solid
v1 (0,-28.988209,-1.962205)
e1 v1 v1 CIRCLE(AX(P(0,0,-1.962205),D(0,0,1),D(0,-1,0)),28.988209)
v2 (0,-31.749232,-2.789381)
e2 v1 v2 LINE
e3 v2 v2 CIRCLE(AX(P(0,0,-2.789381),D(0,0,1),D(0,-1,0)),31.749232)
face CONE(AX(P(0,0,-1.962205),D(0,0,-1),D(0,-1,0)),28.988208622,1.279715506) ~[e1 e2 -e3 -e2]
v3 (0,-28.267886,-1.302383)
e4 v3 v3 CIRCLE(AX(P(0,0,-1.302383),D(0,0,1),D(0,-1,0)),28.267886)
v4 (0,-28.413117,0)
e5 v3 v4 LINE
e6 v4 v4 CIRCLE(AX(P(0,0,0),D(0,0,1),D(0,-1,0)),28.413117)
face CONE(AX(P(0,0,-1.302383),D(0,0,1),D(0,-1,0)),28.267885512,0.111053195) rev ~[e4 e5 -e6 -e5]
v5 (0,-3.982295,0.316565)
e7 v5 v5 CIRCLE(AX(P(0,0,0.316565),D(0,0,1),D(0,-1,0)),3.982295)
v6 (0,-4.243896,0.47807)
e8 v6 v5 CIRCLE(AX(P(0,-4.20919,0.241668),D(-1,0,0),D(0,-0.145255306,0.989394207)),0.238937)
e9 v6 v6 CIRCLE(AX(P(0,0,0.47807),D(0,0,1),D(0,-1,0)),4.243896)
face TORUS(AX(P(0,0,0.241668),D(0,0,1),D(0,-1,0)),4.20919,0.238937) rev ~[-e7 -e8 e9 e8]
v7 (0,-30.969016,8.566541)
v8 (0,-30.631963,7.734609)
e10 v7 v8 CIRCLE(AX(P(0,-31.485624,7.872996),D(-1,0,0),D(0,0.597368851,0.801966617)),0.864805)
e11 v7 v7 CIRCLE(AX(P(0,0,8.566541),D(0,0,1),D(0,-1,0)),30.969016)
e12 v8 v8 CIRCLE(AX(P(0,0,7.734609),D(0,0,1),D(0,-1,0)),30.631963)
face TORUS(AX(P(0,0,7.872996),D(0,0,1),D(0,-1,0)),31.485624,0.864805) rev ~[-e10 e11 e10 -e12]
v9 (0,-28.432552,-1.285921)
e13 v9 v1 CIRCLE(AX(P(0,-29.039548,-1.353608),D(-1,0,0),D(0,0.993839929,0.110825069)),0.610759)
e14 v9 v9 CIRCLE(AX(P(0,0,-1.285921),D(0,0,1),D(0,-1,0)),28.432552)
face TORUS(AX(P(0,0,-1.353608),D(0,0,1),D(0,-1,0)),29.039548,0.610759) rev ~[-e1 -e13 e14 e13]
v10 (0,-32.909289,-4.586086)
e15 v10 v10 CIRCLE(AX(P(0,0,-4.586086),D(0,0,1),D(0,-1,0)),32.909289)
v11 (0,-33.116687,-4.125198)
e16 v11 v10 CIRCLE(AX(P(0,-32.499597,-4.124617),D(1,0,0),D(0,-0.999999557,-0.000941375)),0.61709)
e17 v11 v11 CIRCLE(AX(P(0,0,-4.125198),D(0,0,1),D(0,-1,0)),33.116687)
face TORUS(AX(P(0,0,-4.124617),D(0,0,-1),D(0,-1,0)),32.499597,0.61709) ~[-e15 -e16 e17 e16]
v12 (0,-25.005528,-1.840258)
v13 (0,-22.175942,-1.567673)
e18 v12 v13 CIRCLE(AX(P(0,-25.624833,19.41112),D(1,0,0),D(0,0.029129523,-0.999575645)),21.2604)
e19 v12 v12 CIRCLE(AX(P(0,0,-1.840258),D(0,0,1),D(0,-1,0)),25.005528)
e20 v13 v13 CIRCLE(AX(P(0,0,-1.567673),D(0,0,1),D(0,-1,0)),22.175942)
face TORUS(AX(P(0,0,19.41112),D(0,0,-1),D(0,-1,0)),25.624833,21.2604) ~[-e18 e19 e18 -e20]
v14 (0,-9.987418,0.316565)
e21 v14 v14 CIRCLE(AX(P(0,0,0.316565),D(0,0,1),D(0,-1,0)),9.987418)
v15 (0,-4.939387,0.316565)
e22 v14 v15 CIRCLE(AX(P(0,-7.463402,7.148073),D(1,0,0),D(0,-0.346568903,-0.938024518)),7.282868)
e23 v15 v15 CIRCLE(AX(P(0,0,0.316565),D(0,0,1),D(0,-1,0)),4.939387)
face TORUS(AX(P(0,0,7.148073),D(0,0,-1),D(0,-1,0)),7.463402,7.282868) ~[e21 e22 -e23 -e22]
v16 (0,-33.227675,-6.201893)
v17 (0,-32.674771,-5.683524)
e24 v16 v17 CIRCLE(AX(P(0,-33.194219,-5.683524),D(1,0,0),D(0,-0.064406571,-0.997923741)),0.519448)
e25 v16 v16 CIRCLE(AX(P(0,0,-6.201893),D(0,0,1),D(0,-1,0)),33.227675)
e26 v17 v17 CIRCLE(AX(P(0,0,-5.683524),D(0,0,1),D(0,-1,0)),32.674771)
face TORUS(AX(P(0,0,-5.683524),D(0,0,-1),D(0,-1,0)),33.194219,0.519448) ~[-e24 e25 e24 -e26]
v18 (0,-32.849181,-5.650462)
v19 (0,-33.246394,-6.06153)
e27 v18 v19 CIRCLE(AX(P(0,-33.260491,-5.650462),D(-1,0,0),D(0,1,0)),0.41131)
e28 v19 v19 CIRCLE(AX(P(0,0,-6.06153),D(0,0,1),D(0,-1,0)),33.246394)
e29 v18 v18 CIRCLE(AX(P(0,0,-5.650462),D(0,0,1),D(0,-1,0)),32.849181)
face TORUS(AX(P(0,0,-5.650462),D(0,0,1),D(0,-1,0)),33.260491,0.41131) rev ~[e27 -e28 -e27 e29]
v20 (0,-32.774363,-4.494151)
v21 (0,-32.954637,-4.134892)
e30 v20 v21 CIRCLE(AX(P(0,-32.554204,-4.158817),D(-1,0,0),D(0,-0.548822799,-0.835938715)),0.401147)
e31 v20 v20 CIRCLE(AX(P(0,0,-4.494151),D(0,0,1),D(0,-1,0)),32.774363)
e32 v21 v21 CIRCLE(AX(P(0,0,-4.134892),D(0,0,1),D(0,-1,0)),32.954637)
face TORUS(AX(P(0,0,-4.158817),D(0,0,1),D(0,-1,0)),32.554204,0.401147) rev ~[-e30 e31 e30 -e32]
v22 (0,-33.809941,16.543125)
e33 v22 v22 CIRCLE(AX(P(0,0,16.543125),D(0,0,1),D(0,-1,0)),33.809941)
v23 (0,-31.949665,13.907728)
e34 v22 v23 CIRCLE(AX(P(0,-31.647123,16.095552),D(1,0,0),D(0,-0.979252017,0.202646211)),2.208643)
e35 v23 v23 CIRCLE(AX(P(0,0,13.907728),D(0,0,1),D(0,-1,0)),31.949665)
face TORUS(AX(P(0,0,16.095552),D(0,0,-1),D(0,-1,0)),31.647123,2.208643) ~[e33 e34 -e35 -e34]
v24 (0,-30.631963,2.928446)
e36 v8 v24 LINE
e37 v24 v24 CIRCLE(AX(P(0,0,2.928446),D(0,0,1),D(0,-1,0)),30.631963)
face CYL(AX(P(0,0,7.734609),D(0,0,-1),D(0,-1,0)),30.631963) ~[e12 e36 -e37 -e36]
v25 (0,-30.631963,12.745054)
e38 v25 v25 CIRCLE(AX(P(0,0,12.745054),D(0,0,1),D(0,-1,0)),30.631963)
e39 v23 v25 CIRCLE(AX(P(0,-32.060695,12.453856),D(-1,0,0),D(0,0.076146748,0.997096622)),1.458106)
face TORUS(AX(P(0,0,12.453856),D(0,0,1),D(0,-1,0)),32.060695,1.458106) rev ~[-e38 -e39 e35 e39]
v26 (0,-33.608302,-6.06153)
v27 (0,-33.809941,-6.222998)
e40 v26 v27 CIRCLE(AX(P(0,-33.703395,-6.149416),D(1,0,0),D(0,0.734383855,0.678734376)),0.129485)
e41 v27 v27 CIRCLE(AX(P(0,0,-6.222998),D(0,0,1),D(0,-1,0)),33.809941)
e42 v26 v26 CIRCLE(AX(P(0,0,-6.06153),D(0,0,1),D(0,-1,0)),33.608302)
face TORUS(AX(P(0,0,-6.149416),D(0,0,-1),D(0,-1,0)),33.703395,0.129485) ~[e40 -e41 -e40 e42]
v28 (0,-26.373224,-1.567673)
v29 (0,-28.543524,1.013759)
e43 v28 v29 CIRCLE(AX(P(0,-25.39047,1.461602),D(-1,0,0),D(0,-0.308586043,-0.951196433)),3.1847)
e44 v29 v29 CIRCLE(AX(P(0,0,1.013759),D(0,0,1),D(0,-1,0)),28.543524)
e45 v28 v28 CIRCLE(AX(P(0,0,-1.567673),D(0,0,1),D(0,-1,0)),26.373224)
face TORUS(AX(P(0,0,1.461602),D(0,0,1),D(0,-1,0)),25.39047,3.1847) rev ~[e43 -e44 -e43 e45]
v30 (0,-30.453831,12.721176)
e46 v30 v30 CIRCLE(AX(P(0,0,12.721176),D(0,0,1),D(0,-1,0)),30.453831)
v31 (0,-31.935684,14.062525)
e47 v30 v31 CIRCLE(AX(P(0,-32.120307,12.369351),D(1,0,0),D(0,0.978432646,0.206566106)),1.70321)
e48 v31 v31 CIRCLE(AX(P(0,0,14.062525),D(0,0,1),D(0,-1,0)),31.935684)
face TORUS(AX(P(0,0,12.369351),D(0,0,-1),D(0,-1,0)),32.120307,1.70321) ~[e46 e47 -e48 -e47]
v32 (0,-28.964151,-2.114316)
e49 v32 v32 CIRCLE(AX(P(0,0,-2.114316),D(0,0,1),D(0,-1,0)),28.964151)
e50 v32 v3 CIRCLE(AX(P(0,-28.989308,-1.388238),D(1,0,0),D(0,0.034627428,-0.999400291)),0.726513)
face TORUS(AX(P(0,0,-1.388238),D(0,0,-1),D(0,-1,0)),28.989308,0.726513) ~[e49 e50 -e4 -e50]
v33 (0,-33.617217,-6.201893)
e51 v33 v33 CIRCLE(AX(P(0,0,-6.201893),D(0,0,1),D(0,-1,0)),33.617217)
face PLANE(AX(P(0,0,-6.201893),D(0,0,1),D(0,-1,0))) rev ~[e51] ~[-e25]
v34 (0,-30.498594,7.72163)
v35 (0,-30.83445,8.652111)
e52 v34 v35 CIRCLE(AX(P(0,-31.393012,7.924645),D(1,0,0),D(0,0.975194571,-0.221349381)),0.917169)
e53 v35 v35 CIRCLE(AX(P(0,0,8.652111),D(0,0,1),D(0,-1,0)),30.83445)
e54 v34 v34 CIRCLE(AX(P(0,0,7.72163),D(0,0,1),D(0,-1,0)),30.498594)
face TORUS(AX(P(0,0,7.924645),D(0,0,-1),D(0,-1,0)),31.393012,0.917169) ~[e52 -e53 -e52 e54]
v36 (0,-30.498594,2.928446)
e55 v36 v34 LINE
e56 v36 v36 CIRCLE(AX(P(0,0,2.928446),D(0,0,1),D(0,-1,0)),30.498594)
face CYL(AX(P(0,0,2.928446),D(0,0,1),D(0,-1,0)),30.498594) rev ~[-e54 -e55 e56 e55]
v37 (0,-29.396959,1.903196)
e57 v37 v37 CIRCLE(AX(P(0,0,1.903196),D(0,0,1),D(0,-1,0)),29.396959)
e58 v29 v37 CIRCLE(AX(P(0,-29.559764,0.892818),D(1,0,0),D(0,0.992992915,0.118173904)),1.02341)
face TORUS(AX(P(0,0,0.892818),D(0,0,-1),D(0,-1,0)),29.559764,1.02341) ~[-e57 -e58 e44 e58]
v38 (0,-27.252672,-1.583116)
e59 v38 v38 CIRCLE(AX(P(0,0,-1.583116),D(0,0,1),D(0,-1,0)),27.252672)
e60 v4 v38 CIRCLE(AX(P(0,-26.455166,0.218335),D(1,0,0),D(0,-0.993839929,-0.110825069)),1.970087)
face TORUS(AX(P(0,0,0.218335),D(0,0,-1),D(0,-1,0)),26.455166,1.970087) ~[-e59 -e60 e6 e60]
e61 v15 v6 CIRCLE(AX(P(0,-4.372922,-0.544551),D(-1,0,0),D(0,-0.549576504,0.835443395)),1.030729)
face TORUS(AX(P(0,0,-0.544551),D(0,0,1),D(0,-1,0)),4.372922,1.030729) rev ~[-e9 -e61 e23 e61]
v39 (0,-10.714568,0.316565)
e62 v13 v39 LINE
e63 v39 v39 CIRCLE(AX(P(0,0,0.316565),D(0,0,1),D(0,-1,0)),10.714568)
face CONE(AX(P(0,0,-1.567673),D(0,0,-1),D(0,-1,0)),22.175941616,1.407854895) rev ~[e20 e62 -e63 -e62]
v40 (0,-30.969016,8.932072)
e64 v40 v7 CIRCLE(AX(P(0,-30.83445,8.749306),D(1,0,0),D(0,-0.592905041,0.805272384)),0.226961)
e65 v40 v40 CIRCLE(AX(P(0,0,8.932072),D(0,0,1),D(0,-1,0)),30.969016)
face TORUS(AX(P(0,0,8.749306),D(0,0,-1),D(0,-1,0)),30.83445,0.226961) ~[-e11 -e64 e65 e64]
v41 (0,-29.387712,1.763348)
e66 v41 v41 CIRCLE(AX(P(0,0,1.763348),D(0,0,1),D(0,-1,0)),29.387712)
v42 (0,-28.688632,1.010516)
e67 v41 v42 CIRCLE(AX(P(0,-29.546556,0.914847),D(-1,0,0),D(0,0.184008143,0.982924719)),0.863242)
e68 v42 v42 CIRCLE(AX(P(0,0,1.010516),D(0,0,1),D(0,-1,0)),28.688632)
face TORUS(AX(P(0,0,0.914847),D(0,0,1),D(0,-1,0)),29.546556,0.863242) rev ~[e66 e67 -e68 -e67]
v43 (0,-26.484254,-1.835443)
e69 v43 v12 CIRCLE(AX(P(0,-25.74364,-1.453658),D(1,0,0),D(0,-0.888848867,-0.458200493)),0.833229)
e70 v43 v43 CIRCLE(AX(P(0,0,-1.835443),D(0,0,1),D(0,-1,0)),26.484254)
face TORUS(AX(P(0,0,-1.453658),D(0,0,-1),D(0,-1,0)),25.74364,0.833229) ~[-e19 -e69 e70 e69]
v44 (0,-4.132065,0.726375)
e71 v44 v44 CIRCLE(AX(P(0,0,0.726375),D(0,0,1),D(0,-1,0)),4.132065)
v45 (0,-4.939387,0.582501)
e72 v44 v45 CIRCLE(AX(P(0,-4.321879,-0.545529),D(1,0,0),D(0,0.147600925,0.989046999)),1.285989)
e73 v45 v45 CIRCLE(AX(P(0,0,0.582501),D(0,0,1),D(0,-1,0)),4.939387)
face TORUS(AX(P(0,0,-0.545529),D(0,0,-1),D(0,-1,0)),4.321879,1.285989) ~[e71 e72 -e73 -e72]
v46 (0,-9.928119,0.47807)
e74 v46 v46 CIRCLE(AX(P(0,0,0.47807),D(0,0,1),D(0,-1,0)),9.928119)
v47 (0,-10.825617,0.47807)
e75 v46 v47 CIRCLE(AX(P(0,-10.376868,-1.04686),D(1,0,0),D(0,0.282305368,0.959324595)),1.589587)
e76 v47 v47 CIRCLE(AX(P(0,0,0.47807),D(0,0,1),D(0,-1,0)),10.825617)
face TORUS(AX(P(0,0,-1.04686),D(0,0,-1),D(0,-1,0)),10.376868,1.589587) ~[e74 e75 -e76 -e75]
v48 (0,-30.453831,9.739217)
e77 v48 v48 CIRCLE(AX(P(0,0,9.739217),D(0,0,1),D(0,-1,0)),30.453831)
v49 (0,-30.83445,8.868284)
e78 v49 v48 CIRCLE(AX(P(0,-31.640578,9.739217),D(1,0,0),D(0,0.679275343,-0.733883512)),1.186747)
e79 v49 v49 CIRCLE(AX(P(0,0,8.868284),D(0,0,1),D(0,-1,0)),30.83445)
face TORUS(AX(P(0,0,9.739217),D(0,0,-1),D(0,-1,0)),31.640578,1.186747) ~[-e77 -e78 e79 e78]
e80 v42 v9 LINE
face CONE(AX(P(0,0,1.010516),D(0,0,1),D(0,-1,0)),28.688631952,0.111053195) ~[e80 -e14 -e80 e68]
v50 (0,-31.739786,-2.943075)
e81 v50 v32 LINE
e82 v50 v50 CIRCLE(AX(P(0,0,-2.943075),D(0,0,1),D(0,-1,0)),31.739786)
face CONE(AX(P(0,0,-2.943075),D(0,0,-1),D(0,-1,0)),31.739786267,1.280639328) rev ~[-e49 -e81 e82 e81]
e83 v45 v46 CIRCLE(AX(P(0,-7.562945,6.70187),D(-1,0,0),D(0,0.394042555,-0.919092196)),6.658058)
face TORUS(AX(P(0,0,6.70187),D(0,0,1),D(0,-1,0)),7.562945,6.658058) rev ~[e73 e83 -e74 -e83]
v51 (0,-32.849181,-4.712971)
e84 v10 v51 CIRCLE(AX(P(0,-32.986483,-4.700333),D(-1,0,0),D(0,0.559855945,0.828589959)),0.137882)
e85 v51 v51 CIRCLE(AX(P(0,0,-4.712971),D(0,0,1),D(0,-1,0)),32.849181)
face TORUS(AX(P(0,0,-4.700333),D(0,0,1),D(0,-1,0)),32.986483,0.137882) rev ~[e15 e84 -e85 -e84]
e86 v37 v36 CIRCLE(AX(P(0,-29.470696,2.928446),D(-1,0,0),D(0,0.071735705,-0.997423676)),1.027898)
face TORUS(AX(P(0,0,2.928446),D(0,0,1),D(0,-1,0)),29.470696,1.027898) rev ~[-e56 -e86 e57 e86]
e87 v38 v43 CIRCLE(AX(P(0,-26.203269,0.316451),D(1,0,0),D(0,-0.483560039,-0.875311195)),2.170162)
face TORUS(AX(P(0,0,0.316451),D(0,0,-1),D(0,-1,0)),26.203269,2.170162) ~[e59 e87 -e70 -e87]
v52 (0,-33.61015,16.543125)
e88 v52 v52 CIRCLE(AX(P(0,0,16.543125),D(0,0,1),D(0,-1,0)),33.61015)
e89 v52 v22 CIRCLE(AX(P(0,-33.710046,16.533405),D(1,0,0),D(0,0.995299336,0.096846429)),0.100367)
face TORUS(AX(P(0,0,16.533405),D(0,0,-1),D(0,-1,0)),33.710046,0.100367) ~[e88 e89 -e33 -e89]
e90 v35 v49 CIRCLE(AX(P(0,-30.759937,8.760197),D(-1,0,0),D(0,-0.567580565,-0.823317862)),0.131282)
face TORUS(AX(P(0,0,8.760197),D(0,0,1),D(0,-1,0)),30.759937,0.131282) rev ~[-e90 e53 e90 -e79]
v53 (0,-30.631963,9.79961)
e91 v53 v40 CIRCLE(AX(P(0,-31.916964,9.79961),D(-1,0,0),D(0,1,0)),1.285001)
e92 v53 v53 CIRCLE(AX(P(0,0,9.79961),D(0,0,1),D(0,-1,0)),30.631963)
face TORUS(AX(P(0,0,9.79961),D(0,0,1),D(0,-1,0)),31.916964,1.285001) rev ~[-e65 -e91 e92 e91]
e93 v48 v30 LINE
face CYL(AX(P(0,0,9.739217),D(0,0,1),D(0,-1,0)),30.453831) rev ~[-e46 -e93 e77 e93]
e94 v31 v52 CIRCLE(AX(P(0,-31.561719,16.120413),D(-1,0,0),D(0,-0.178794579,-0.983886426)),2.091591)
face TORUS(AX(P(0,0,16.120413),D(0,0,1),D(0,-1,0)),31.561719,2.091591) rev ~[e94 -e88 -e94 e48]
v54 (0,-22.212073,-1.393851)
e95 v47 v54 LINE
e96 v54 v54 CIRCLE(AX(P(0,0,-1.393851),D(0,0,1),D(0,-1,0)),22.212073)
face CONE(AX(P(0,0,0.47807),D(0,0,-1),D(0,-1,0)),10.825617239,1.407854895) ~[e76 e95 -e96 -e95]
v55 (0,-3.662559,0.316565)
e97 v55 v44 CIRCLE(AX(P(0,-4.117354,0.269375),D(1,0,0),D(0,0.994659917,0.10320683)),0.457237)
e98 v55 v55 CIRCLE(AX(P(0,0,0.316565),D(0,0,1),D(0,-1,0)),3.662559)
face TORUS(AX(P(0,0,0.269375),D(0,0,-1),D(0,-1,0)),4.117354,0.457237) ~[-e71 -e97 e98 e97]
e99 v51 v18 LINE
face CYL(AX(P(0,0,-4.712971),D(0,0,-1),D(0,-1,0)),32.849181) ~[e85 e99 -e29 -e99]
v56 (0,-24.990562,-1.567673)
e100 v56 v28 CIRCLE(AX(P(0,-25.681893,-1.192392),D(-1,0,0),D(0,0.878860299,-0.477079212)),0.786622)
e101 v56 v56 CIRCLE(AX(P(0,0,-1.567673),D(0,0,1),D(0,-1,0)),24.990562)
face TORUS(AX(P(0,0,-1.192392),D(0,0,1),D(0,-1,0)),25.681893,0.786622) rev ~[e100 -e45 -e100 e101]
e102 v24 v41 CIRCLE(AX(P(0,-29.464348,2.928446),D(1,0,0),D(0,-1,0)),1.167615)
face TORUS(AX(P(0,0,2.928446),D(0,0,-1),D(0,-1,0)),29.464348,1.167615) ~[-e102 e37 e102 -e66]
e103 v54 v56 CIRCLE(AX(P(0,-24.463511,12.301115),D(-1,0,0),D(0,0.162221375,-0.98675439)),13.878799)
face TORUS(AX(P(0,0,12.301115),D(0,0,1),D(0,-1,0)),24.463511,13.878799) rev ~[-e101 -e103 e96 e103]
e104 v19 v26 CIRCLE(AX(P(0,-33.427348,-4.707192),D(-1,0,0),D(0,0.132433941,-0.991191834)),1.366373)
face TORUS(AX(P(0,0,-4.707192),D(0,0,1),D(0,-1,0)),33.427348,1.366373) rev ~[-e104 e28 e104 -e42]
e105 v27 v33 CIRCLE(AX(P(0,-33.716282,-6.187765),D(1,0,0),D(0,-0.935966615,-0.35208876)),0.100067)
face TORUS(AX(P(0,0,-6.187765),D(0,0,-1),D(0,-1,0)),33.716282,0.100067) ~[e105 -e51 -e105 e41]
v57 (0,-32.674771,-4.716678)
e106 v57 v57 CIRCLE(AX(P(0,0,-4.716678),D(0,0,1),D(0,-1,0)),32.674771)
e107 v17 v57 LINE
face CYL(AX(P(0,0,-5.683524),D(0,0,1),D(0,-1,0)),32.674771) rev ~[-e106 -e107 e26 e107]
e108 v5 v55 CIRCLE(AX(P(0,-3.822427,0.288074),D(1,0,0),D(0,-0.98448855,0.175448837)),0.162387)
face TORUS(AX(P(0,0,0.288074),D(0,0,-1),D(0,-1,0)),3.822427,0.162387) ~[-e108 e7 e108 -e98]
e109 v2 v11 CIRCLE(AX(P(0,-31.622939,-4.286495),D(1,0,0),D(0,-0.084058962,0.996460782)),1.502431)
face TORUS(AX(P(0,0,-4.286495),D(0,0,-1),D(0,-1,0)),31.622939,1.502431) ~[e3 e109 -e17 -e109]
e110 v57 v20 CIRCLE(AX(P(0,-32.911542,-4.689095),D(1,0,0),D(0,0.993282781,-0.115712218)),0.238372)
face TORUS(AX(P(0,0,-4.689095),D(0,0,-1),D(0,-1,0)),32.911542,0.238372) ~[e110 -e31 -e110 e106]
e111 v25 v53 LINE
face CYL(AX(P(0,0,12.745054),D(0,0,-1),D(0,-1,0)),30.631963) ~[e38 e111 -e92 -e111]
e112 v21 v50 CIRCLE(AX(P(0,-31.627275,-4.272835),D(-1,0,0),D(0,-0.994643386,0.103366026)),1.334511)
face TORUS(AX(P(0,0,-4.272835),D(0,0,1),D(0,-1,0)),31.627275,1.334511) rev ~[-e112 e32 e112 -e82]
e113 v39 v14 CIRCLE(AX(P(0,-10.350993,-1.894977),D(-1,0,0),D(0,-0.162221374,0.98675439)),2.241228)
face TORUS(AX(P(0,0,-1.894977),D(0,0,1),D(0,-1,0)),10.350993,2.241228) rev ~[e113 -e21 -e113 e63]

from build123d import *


with BuildPart() as f2:
    # F1 (on Right) → F2 (revolve)
    with BuildSketch(Plane.YZ):
        with BuildLine():
            ThreePointArc((-33.610150218, 16.5431248024), (-33.71004574, 16.6337719013), (-33.809941262, 16.5431248024))
            ThreePointArc((-33.809941262, 16.5431248024), (-33.451514872, 14.821866156), (-31.9496653974, 13.9077277854))
            ThreePointArc((-31.9496653974, 13.9077277854), (-31.0959831072, 13.5472001002), (-30.6319631636, 12.7450535074))
            Line((-30.6319631636, 12.7450535074), (-30.6319631636, 9.7996098921))
            ThreePointArc((-30.6319631636, 9.7996098921), (-30.7191867252, 9.3342532454), (-30.9690162539, 8.9320717379))
            ThreePointArc((-30.9690162539, 8.9320717379), (-31.0614109888, 8.7493062019), (-30.9690162539, 8.5665406659))
            ThreePointArc((-30.9690162539, 8.5665406659), (-30.6841025049, 8.1977284546), (-30.6319631636, 7.7346088365))
            Line((-30.6319631636, 7.7346088365), (-30.6319631636, 2.928446047))
            ThreePointArc((-30.6319631636, 2.928446047), (-30.2624220544, 2.0761532369), (-29.3877124786, 1.7633484676))
            ThreePointArc((-29.3877124786, 1.7633484676), (-28.9139871393, 1.5022503661), (-28.6886319518, 1.0105157271))
            Line((-28.6886319518, 1.0105157271), (-28.4325517583, -1.2859206562))
            ThreePointArc((-28.4325517583, -1.2859206562), (-28.5676458923, -1.7413380248), (-28.9882086217, -1.9622053951))
            Line((-28.9882086217, -1.9622053951), (-31.7492320903, -2.7893810644))
            ThreePointArc((-31.7492320903, -2.7893810644), (-32.6728130179, -3.2117555511), (-33.1166870892, -4.1251983494))
            ThreePointArc((-33.1166870892, -4.1251983494), (-33.0623355343, -4.3778482534), (-32.9092890024, -4.5860856771))
            ThreePointArc((-32.9092890024, -4.5860856771), (-32.8618754132, -4.6413046846), (-32.8491814435, -4.7129709274))
            Line((-32.8491814435, -4.7129709274), (-32.8491814435, -5.6504616514))
            ThreePointArc((-32.8491814435, -5.6504616514), (-32.9647092459, -5.9362740834), (-33.2463942468, -6.0615297407))
            ThreePointArc((-33.2463942468, -6.0615297407), (-33.4273483604, -6.0735649781), (-33.608302474, -6.0615297407))
            ThreePointArc((-33.608302474, -6.0615297407), (-33.7843314434, -6.0483432199), (-33.809941262, -6.2229977921))
            ThreePointArc((-33.809941262, -6.2229977921), (-33.7053888789, -6.2872377148), (-33.6172170937, -6.2018930912))
            Line((-33.6172170937, -6.2018930912), (-33.2276746631, -6.2018930912))
            ThreePointArc((-33.2276746631, -6.2018930912), (-32.8389388814, -6.0624726778), (-32.6747708023, -5.6835236028))
            Line((-32.6747708023, -5.6835236028), (-32.6747708023, -4.7166775912))
            ThreePointArc((-32.6747708023, -4.7166775912), (-32.6939660805, -4.591718988), (-32.7743627131, -4.4941511005))
            ThreePointArc((-32.7743627131, -4.4941511005), (-32.9127432213, -4.3387295634), (-32.9546369612, -4.1348915547))
            ThreePointArc((-32.9546369612, -4.1348915547), (-32.5618418131, -3.3202050214), (-31.7397862673, -2.943075262))
            Line((-31.7397862673, -2.943075262), (-28.964150697, -2.1143155172))
            ThreePointArc((-28.964150697, -2.1143155172), (-28.4378064911, -1.8611730424), (-28.267885512, -1.3023831029))
            Line((-28.267885512, -1.3023831029), (-28.4131168449, 0))
            ThreePointArc((-28.4131168449, 0), (-28.0440964441, -0.9463716972), (-27.2526722401, -1.5831158962))
            ThreePointArc((-27.2526722401, -1.5831158962), (-26.8803220292, -1.7453930675), (-26.4842544694, -1.8354433199))
            ThreePointArc((-26.4842544694, -1.8354433199), (-25.7463530853, -2.2868817952), (-25.0055275973, -1.8402580765))
            ThreePointArc((-25.0055275973, -1.8402580765), (-23.5861736556, -1.7513108071), (-22.1759416163, -1.5676730545))
            Line((-22.1759416163, -1.5676730545), (-10.7145677727, 0.3165646429))
            ThreePointArc((-10.7145677727, 0.3165646429), (-10.3509926906, 0.3462510751), (-9.9874176085, 0.3165646429))
            ThreePointArc((-9.9874176085, 0.3165646429), (-7.4634021148, -0.134794601), (-4.9393866211, 0.3165646429))
            ThreePointArc((-4.9393866211, 0.3165646429), (-4.6060726771, 0.4594623819), (-4.2438963428, 0.4780702293))
            ThreePointArc((-4.2438963428, 0.4780702293), (-4.0836703603, 0.4449794549), (-3.9822948165, 0.3165646429))
            ThreePointArc((-3.9822948165, 0.3165646429), (-3.8224268937, 0.1256872946), (-3.662558971, 0.3165646429))
            ThreePointArc((-3.662558971, 0.3165646429), (-3.8166806639, 0.6138467112), (-4.1320654564, 0.7263747393))
            ThreePointArc((-4.1320654564, 0.7263747393), (-4.5475013724, 0.7205130571), (-4.9393866211, 0.5825010594))
            ThreePointArc((-4.9393866211, 0.5825010594), (-7.4236000092, 0.0452705131), (-9.9281193689, 0.4780702293))
            ThreePointArc((-9.9281193689, 0.4780702293), (-10.3768683039, 0.5427273226), (-10.8256172389, 0.4780702293))
            Line((-10.8256172389, 0.4780702293), (-22.2120727402, -1.3938509721))
            ThreePointArc((-22.2120727402, -1.3938509721), (-23.5969482001, -1.5506045719), (-24.9905623496, -1.5676730545))
            ThreePointArc((-24.9905623496, -1.5676730545), (-25.6818933412, -1.9790141373), (-26.3732243329, -1.5676730545))
            ThreePointArc((-26.3732243329, -1.5676730545), (-27.828127928, -0.5878219983), (-28.5435244441, 1.0137585923))
            ThreePointArc((-28.5435244441, 1.0137585923), (-28.82131188, 1.6013784491), (-29.3969586492, 1.9031958655))
            ThreePointArc((-29.3969586492, 1.9031958655), (-30.1709745101, 2.1759936429), (-30.4985940456, 2.928446047))
            Line((-30.4985940456, 2.928446047), (-30.4985940456, 7.7216299251))
            ThreePointArc((-30.4985940456, 7.7216299251), (-30.5303206388, 8.2360319434), (-30.8344498515, 8.6521105841))
            ThreePointArc((-30.8344498515, 8.6521105841), (-30.8912185761, 8.7601970881), (-30.8344498515, 8.8682835922))
            ThreePointArc((-30.8344498515, 8.8682835922), (-30.5531409371, 9.2639815253), (-30.4538309574, 9.7392173484))
            Line((-30.4538309574, 9.7392173484), (-30.4538309574, 12.7211762592))
            ThreePointArc((-30.4538309574, 12.7211762592), (-30.9773085163, 13.6320772508), (-31.9356843829, 14.0625247732))
            ThreePointArc((-31.9356843829, 14.0625247732), (-33.2953122699, 14.9501953762), (-33.610150218, 16.5431248024))
        make_face()
    revolve(axis=Axis((0, 0, 0), (0, 0, 1)))


solid = f2.part
